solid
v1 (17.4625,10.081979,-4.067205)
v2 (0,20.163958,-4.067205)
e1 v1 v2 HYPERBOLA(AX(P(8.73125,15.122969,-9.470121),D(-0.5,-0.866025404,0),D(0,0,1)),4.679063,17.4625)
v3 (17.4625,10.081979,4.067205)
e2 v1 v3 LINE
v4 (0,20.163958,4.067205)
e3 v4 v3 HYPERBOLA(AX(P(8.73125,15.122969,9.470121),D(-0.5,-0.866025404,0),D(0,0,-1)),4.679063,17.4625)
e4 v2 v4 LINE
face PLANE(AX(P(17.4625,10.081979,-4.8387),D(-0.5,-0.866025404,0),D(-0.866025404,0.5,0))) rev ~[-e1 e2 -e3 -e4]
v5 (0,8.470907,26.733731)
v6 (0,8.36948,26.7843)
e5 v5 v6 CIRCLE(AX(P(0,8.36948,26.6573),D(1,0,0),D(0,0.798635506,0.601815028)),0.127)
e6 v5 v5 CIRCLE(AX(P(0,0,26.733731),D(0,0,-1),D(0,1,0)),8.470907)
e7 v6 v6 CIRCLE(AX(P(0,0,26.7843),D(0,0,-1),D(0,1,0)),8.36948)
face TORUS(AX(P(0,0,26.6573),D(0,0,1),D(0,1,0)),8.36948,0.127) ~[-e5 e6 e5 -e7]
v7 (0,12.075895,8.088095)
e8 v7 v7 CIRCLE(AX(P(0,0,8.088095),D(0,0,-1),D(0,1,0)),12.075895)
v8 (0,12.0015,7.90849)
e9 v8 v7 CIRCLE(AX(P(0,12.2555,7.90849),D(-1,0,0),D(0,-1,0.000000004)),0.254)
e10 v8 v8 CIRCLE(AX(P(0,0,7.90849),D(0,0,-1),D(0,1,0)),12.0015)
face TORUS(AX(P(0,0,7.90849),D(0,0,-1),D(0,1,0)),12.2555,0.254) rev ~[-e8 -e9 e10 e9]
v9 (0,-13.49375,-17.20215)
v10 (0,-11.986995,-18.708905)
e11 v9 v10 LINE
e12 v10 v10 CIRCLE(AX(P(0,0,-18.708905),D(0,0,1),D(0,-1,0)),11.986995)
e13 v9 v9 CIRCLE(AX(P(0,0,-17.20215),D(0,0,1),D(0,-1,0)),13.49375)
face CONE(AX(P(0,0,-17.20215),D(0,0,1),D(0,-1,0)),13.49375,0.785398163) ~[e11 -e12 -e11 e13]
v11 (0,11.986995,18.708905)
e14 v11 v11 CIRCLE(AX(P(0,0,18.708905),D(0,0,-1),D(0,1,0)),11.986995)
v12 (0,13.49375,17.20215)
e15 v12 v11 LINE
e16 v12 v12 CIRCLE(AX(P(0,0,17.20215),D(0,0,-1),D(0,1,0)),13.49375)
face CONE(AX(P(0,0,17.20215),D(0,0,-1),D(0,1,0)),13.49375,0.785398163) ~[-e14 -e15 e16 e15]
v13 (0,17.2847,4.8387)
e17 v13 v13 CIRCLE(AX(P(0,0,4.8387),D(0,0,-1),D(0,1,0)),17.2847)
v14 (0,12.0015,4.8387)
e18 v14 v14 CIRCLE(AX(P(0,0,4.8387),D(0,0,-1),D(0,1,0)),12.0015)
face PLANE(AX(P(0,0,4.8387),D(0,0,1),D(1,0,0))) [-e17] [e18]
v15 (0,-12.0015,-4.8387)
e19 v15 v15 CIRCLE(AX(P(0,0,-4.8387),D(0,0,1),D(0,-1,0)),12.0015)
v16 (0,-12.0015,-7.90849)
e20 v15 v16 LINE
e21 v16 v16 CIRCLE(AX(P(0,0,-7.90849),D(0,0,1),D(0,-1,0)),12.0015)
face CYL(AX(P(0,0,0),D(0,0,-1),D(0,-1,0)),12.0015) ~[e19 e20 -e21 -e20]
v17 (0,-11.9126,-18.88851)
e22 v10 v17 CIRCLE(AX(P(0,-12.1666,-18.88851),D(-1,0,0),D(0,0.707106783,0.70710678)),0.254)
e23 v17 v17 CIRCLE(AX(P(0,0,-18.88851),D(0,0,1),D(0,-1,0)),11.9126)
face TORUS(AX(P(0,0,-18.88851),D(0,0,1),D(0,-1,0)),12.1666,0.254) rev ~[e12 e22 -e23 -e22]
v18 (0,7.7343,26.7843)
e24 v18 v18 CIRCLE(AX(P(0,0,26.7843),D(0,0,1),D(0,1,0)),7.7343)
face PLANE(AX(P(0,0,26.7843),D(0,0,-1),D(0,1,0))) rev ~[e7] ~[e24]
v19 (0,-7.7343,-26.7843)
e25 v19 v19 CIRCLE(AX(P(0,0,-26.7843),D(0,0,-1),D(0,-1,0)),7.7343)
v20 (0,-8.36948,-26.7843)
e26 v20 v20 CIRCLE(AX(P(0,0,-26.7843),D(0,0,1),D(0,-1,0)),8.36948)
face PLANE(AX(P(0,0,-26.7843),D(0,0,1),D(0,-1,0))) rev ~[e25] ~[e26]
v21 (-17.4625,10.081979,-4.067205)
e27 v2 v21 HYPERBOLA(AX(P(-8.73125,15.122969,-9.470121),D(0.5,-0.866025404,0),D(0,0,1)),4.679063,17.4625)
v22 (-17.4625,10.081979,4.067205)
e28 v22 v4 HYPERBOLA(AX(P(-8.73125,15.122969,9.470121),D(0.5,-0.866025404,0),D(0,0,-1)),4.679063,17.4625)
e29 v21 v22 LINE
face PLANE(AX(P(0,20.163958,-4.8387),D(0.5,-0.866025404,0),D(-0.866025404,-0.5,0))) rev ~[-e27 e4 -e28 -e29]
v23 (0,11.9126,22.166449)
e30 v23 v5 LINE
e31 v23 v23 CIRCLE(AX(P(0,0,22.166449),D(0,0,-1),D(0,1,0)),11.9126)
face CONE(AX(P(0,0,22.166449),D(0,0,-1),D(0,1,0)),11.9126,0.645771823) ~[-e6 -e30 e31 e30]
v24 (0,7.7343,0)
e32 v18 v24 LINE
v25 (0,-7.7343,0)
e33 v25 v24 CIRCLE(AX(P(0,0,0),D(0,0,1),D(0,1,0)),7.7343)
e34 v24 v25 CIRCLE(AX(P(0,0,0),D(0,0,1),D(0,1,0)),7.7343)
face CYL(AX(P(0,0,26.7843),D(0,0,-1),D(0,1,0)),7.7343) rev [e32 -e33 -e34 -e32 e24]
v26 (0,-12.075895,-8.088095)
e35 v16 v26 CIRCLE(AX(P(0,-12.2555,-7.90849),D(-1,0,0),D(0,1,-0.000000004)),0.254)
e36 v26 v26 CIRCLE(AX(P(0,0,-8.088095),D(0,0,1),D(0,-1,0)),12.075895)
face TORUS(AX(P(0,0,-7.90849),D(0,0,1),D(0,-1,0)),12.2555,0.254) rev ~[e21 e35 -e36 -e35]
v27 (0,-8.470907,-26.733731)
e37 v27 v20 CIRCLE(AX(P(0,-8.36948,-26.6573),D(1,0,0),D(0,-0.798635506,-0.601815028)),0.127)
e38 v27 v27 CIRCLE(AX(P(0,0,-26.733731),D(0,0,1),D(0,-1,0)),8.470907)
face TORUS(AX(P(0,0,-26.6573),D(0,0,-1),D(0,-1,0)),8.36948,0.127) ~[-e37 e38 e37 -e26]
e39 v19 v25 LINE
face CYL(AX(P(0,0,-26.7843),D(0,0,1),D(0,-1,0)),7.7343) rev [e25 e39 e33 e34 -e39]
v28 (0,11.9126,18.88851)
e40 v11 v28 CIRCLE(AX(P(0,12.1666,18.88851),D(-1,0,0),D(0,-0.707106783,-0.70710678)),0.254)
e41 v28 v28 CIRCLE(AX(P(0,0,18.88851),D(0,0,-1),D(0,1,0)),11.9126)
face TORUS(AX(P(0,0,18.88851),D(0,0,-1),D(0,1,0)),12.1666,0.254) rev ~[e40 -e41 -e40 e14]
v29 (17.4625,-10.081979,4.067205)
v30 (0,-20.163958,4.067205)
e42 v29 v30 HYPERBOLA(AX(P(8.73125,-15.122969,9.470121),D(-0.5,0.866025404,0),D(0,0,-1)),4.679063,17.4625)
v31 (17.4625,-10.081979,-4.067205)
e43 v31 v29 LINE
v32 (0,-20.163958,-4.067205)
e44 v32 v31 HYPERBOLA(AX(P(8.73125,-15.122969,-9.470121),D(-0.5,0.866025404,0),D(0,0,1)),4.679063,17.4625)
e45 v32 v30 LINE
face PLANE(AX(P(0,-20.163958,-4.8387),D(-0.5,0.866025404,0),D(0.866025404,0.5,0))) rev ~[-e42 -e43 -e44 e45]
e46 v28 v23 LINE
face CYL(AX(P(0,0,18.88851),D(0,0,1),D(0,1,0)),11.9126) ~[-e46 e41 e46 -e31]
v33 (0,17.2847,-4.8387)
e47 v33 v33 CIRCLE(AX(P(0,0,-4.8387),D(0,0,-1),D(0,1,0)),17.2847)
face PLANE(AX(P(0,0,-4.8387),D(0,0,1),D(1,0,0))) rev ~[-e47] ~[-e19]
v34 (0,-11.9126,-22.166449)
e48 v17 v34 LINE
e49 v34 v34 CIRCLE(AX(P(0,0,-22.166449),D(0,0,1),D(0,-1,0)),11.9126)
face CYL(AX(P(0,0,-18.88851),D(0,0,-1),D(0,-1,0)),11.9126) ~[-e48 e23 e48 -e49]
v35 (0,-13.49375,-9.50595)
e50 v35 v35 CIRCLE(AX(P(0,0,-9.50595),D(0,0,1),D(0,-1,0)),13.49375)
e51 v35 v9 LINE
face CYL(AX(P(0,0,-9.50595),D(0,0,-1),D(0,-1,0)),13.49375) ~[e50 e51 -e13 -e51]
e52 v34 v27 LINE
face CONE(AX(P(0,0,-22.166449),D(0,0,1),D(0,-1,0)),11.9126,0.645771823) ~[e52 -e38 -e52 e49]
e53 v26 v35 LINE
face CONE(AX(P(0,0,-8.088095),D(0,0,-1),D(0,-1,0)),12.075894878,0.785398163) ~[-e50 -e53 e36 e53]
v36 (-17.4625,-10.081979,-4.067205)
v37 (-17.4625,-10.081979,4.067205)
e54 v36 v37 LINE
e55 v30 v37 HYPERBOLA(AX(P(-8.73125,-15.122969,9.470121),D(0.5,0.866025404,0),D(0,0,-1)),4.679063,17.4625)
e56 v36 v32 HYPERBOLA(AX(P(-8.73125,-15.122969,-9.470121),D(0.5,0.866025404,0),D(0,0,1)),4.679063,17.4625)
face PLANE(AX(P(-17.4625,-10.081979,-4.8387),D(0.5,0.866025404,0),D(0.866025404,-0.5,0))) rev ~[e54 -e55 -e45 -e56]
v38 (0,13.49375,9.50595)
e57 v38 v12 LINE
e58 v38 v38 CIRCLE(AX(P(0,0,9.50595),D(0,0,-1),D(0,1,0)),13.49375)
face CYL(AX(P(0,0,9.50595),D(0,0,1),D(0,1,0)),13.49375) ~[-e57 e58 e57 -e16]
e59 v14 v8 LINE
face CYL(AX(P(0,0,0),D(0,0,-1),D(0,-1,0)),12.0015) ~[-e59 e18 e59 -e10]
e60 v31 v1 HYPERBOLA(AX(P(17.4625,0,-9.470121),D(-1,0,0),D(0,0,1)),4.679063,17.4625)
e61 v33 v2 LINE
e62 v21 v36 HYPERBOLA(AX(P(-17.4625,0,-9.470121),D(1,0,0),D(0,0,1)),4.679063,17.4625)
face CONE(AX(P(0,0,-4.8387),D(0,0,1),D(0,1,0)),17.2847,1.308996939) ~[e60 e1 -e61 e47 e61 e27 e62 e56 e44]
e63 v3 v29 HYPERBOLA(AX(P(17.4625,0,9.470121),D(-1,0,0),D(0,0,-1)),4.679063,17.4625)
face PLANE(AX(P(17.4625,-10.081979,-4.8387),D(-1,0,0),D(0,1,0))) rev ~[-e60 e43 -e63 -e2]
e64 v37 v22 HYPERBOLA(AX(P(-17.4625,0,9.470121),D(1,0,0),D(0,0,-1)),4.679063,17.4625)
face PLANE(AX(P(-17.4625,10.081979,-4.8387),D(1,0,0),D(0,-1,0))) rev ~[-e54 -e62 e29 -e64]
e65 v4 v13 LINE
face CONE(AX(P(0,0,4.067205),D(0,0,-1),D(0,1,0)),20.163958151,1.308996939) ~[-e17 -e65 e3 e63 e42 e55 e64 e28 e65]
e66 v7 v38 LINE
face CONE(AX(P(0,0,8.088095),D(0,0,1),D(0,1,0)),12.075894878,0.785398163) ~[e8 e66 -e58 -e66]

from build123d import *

# Parameters (mm, degrees)
CIRPATTERN1_COUNT   = 2
CIRPATTERN1_ANGLE   = 180
BOSS_EXTRUDE1_START = -4.8387
BOSS_EXTRUDE1_DEPTH = 9.6774
CIRPATTERN2_COUNT   = 2


with BuildPart() as part:
    # Sketch1 → Revolve1 (revolve)
    with BuildSketch(Plane(origin=(0, 0, 0), x_dir=(0, 0, -1), z_dir=(1, 0, 0))):
        with BuildLine():
            Line((-26.7843, 0), (0, 0))
            Line((0, 0), (0, 12.0015))
            Line((0, 12.0015), (-7.908489755, 12.0015))
            ThreePointArc((-7.908489755, 12.0015), (-8.005691347, 12.020834599), (-8.088094878, 12.075894878))
            Line((-8.088094878, 12.075894878), (-9.50595, 13.49375))
            Line((-9.50595, 13.49375), (-17.20215, 13.49375))
            Line((-17.20215, 13.49375), (-18.708905122, 11.986994878))
            ThreePointArc((-18.708905122, 11.986994878), (-18.791308653, 11.931934599), (-18.888510245, 11.9126))
            Line((-18.888510245, 11.9126), (-22.16644943, 11.9126))
            Line((-22.16644943, 11.9126), (-26.733730508, 8.470906846))
            ThreePointArc((-26.733730508, 8.470906846), (-26.770956664, 8.426147258), (-26.7843, 8.369480136))
            Line((-26.7843, 8.369480136), (-26.7843, 0))
        make_face()
    revolve(axis=Axis((0, 0, 19.812), (0, 0, -1)))


with BuildPart() as cirpattern1_1:
    # CirPattern1: pattern copy
    add(part.part.rotate(Axis((-10.4775, 0, 0), (1, 0, 0)), 1 * CIRPATTERN1_ANGLE / (CIRPATTERN1_COUNT - 1)))


with BuildPart() as part_1:
    add(part.part)

    add(cirpattern1_1.part)  # Boss-Extrude1 merges CirPattern1_1
    # Sketch4 → Boss-Extrude1 (add)
    with BuildSketch(Plane.XY.offset(BOSS_EXTRUDE1_START)):
        Polygon((0, 20.163958151), (-17.4625, 10.081979076), (-17.4625, -10.081979076), (0, -20.163958151), (17.4625, -10.081979076), (17.4625, 10.081979076), align=None)
    extrude(amount=BOSS_EXTRUDE1_DEPTH)

    # Sketch5 → Cut-Revolve1 (revolve, cut)
    with BuildSketch(Plane(origin=(0, 0, 0), x_dir=(0, 0, -1), z_dir=(1, 0, 0))):
        Polygon((-4.8387, 23.043216303), (4.8387, 23.043216303), (4.8387, 17.2847), (4.067205104, 20.163958151), (-4.067205104, 20.163958151), (-4.8387, 17.2847), align=None)
    revolve(axis=Axis((0, 0, 4.8387), (0, 0, -1)), mode=Mode.SUBTRACT)

    # Sketch6 → Cut-Revolve2 (revolve, cut)
    with BuildSketch(Plane(origin=(0, 0, 0), x_dir=(0, 0, -1), z_dir=(1, 0, 0))):
        with BuildLine():
            Line((-26.7843, 7.7343), (0, 7.7343))
            ThreePointArc((0, 7.7343), (5.468975978, 5.468975978), (7.7343, 0))
            Line((7.7343, 0), (-26.7843, 0))
            Line((-26.7843, 0), (-26.7843, 7.7343))
        make_face()
    cut_revolve2 = revolve(axis=Axis((0, 0, -7.7343), (0, 0, 1)), mode=Mode.SUBTRACT)

    # CirPattern2: Cut-Revolve2 ×2 about axis
    cirpattern2_axis = Axis((-10.4775, 0, 0), (1, 0, 0))
    for i in range(1, CIRPATTERN2_COUNT):
        add(cut_revolve2.rotate(cirpattern2_axis, i * 360 / CIRPATTERN2_COUNT), mode=Mode.SUBTRACT)


solid = part_1.part
